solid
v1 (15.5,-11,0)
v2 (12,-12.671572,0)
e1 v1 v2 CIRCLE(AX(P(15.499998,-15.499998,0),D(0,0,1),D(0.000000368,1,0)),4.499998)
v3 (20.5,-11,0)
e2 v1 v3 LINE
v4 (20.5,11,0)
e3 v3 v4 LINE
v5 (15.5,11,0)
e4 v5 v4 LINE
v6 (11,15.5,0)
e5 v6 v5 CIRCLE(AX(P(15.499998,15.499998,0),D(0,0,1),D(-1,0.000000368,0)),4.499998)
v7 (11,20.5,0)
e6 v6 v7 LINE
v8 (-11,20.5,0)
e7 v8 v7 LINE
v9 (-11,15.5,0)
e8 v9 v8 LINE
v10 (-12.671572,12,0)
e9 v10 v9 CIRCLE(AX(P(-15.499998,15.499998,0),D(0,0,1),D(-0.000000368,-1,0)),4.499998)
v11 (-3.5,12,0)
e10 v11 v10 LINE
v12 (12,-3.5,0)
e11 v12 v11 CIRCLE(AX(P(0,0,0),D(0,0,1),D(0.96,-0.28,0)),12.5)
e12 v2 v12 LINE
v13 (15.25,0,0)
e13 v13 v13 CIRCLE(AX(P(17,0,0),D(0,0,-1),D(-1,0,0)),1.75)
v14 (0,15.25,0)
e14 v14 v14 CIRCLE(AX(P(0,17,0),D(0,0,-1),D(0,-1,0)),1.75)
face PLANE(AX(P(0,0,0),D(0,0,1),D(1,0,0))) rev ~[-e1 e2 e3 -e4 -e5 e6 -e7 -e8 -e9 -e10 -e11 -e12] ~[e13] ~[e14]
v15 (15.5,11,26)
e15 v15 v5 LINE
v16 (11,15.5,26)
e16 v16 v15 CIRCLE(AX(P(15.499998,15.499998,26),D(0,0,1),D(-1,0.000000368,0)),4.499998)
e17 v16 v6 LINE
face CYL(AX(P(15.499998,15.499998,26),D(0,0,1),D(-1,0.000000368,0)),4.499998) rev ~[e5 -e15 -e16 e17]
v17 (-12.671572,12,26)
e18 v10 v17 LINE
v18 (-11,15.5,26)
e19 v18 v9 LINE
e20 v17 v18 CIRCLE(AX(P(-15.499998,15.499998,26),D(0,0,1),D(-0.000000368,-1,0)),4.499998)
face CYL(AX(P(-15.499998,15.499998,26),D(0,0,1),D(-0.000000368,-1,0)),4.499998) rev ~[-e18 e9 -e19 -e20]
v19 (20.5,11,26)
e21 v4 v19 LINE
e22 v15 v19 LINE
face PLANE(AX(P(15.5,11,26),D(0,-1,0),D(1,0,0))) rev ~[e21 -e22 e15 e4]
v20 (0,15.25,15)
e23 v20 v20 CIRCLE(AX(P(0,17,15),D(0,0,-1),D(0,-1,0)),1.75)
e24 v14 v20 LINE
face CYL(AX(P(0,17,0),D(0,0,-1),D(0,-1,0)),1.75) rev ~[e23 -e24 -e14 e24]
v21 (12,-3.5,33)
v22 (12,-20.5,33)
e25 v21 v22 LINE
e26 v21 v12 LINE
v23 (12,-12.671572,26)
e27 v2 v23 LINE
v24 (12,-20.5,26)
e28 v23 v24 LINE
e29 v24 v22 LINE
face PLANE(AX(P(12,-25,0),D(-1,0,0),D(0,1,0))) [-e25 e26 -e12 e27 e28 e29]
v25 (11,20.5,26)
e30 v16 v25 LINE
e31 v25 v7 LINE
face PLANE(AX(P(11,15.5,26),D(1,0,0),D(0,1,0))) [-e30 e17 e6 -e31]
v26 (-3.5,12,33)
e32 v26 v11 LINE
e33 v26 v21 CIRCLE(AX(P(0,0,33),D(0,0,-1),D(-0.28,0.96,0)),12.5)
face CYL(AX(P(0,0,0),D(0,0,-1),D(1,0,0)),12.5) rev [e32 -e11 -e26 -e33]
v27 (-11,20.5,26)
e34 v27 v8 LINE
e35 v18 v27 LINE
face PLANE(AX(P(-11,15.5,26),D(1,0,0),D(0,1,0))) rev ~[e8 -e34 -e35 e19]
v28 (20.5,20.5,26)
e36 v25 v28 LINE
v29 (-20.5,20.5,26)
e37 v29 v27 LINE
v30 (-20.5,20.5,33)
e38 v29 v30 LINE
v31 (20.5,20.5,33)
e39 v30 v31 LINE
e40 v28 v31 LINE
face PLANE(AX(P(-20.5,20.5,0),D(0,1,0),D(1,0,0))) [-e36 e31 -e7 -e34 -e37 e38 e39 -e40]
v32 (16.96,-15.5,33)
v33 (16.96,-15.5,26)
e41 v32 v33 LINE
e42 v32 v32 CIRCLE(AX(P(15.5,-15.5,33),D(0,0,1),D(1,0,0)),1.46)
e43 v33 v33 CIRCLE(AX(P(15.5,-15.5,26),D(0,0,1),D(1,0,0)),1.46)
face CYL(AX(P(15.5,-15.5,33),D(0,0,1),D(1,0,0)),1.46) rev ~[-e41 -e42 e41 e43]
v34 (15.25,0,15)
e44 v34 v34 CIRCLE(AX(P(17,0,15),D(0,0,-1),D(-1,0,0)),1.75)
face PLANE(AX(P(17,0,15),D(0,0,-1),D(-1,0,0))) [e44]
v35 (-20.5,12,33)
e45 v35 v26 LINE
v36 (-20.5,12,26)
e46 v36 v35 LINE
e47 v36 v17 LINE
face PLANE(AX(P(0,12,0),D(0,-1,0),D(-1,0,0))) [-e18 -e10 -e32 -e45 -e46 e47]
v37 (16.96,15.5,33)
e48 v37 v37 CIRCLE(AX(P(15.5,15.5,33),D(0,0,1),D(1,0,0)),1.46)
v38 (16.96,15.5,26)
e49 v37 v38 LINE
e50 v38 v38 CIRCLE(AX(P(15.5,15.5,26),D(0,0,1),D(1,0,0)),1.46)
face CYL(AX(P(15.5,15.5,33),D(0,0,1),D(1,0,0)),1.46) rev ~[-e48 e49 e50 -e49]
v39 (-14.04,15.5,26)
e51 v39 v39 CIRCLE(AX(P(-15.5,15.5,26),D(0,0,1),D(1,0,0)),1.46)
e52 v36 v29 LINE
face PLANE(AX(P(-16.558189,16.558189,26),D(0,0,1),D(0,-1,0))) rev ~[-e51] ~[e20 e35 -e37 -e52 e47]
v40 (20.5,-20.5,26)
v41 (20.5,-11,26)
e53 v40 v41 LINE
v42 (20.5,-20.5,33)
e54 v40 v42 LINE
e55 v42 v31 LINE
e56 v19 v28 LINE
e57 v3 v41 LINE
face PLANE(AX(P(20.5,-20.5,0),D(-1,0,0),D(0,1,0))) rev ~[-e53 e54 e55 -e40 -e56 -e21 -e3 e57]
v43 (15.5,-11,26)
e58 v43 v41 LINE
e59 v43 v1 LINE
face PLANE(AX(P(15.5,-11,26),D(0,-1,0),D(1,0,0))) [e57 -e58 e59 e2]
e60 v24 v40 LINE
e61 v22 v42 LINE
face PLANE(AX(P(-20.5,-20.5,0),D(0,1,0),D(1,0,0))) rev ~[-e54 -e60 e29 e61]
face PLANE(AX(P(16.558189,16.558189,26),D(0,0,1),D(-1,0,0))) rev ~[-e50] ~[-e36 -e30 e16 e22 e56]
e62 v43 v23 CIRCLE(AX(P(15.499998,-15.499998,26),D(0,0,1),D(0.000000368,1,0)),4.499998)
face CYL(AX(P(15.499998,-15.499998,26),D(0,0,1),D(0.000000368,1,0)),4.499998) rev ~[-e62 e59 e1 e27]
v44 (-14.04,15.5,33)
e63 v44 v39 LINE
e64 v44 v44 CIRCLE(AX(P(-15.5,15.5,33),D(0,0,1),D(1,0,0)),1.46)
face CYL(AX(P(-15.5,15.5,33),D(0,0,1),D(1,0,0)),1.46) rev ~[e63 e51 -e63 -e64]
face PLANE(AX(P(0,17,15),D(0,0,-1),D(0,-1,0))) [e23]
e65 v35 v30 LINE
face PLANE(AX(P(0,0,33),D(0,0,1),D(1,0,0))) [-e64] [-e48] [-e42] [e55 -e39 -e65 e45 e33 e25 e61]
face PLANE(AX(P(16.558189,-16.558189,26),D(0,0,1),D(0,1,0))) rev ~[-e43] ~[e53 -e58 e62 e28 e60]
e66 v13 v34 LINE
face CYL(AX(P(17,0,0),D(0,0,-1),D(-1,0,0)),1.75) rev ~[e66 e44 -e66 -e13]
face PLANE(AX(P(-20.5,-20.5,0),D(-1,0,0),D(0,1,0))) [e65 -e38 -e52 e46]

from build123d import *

# Parameters (mm, degrees)
PAD002_DEPTH          = 40
SKETCH003_W           = 41
SKETCH003_H           = 41
SKETCH003_R           = 12.5
PAD001_DEPTH          = 33
SKETCH004_R           = 1.46
POCKET001_DEPTH       = 7
POCKET002_DEPTH       = 159.43263
POLARPATTERN_COUNT    = 4
SKETCH006_R           = 1.75
POCKET003_DEPTH       = 15
POLARPATTERN001_COUNT = 4


with BuildPart() as removedpard:
    # Sketch007 → Pad002 (new body)
    with BuildSketch(Plane.XY):
        Polygon((-25, 12), (-25, -25), (12, -25), (12, 0), (0, 0), (0, 12), align=None)
    extrude(amount=PAD002_DEPTH)


with BuildPart() as cut:
    # Sketch003 → Pad001 (new body)
    with BuildSketch(Plane.XY):
        Rectangle(SKETCH003_W, SKETCH003_H)
        Circle(SKETCH003_R, mode=Mode.SUBTRACT)
    extrude(amount=PAD001_DEPTH)

    # Sketch004 → Pocket001 (cut)
    with BuildSketch(Plane.XY.offset(33)):
        with Locations((-15.5, 15.5)):
            Circle(SKETCH004_R)
        with Locations((15.5, 15.5)):
            Circle(SKETCH004_R)
        with Locations((15.5, -15.5)):
            Circle(SKETCH004_R)
        with Locations((-15.5, -15.5)):
            Circle(SKETCH004_R)
    extrude(amount=-POCKET001_DEPTH, mode=Mode.SUBTRACT)

    # Sketch005 → Pocket002 (cut, through all)
    with BuildSketch(Plane.XY.offset(26)):
        with BuildLine():
            ThreePointArc((-11, -15.5), (-12.318019, -12.318019), (-15.5, -11))
            Line((-15.5, -11), (-21.5, -11))
            Line((-21.5, -11), (-21.5, -21.5))
            Line((-21.5, -21.5), (-11, -21.5))
            Line((-11, -15.5), (-11, -21.5))
        make_face()
    pocket002 = extrude(amount=-POCKET002_DEPTH, mode=Mode.SUBTRACT)

    # PolarPattern: Pocket002 ×4 about axis
    polarpattern_axis = Axis((0, 0, 26), (0, 0, 1))
    for i in range(1, POLARPATTERN_COUNT):
        add(pocket002.rotate(polarpattern_axis, i * 360 / POLARPATTERN_COUNT), mode=Mode.SUBTRACT)

    # Sketch006 → Pocket003 (cut)
    with BuildSketch(Plane(origin=(0, 0, 0), x_dir=(1, 0, 0), z_dir=(0, 0, -1))):
        with Locations((-17, 0)):
            Circle(SKETCH006_R)
    pocket003 = extrude(amount=-POCKET003_DEPTH, mode=Mode.SUBTRACT)

    # PolarPattern001: Pocket003 ×4 about axis
    polarpattern001_axis = Axis((0, 0, 0), (0, 0, -1))
    for i in range(1, POLARPATTERN001_COUNT):
        add(pocket003.rotate(polarpattern001_axis, i * 360 / POLARPATTERN001_COUNT), mode=Mode.SUBTRACT)

    # Cut: cut removedPard
    add(removedpard.part, mode=Mode.SUBTRACT)


solid = cut.part
